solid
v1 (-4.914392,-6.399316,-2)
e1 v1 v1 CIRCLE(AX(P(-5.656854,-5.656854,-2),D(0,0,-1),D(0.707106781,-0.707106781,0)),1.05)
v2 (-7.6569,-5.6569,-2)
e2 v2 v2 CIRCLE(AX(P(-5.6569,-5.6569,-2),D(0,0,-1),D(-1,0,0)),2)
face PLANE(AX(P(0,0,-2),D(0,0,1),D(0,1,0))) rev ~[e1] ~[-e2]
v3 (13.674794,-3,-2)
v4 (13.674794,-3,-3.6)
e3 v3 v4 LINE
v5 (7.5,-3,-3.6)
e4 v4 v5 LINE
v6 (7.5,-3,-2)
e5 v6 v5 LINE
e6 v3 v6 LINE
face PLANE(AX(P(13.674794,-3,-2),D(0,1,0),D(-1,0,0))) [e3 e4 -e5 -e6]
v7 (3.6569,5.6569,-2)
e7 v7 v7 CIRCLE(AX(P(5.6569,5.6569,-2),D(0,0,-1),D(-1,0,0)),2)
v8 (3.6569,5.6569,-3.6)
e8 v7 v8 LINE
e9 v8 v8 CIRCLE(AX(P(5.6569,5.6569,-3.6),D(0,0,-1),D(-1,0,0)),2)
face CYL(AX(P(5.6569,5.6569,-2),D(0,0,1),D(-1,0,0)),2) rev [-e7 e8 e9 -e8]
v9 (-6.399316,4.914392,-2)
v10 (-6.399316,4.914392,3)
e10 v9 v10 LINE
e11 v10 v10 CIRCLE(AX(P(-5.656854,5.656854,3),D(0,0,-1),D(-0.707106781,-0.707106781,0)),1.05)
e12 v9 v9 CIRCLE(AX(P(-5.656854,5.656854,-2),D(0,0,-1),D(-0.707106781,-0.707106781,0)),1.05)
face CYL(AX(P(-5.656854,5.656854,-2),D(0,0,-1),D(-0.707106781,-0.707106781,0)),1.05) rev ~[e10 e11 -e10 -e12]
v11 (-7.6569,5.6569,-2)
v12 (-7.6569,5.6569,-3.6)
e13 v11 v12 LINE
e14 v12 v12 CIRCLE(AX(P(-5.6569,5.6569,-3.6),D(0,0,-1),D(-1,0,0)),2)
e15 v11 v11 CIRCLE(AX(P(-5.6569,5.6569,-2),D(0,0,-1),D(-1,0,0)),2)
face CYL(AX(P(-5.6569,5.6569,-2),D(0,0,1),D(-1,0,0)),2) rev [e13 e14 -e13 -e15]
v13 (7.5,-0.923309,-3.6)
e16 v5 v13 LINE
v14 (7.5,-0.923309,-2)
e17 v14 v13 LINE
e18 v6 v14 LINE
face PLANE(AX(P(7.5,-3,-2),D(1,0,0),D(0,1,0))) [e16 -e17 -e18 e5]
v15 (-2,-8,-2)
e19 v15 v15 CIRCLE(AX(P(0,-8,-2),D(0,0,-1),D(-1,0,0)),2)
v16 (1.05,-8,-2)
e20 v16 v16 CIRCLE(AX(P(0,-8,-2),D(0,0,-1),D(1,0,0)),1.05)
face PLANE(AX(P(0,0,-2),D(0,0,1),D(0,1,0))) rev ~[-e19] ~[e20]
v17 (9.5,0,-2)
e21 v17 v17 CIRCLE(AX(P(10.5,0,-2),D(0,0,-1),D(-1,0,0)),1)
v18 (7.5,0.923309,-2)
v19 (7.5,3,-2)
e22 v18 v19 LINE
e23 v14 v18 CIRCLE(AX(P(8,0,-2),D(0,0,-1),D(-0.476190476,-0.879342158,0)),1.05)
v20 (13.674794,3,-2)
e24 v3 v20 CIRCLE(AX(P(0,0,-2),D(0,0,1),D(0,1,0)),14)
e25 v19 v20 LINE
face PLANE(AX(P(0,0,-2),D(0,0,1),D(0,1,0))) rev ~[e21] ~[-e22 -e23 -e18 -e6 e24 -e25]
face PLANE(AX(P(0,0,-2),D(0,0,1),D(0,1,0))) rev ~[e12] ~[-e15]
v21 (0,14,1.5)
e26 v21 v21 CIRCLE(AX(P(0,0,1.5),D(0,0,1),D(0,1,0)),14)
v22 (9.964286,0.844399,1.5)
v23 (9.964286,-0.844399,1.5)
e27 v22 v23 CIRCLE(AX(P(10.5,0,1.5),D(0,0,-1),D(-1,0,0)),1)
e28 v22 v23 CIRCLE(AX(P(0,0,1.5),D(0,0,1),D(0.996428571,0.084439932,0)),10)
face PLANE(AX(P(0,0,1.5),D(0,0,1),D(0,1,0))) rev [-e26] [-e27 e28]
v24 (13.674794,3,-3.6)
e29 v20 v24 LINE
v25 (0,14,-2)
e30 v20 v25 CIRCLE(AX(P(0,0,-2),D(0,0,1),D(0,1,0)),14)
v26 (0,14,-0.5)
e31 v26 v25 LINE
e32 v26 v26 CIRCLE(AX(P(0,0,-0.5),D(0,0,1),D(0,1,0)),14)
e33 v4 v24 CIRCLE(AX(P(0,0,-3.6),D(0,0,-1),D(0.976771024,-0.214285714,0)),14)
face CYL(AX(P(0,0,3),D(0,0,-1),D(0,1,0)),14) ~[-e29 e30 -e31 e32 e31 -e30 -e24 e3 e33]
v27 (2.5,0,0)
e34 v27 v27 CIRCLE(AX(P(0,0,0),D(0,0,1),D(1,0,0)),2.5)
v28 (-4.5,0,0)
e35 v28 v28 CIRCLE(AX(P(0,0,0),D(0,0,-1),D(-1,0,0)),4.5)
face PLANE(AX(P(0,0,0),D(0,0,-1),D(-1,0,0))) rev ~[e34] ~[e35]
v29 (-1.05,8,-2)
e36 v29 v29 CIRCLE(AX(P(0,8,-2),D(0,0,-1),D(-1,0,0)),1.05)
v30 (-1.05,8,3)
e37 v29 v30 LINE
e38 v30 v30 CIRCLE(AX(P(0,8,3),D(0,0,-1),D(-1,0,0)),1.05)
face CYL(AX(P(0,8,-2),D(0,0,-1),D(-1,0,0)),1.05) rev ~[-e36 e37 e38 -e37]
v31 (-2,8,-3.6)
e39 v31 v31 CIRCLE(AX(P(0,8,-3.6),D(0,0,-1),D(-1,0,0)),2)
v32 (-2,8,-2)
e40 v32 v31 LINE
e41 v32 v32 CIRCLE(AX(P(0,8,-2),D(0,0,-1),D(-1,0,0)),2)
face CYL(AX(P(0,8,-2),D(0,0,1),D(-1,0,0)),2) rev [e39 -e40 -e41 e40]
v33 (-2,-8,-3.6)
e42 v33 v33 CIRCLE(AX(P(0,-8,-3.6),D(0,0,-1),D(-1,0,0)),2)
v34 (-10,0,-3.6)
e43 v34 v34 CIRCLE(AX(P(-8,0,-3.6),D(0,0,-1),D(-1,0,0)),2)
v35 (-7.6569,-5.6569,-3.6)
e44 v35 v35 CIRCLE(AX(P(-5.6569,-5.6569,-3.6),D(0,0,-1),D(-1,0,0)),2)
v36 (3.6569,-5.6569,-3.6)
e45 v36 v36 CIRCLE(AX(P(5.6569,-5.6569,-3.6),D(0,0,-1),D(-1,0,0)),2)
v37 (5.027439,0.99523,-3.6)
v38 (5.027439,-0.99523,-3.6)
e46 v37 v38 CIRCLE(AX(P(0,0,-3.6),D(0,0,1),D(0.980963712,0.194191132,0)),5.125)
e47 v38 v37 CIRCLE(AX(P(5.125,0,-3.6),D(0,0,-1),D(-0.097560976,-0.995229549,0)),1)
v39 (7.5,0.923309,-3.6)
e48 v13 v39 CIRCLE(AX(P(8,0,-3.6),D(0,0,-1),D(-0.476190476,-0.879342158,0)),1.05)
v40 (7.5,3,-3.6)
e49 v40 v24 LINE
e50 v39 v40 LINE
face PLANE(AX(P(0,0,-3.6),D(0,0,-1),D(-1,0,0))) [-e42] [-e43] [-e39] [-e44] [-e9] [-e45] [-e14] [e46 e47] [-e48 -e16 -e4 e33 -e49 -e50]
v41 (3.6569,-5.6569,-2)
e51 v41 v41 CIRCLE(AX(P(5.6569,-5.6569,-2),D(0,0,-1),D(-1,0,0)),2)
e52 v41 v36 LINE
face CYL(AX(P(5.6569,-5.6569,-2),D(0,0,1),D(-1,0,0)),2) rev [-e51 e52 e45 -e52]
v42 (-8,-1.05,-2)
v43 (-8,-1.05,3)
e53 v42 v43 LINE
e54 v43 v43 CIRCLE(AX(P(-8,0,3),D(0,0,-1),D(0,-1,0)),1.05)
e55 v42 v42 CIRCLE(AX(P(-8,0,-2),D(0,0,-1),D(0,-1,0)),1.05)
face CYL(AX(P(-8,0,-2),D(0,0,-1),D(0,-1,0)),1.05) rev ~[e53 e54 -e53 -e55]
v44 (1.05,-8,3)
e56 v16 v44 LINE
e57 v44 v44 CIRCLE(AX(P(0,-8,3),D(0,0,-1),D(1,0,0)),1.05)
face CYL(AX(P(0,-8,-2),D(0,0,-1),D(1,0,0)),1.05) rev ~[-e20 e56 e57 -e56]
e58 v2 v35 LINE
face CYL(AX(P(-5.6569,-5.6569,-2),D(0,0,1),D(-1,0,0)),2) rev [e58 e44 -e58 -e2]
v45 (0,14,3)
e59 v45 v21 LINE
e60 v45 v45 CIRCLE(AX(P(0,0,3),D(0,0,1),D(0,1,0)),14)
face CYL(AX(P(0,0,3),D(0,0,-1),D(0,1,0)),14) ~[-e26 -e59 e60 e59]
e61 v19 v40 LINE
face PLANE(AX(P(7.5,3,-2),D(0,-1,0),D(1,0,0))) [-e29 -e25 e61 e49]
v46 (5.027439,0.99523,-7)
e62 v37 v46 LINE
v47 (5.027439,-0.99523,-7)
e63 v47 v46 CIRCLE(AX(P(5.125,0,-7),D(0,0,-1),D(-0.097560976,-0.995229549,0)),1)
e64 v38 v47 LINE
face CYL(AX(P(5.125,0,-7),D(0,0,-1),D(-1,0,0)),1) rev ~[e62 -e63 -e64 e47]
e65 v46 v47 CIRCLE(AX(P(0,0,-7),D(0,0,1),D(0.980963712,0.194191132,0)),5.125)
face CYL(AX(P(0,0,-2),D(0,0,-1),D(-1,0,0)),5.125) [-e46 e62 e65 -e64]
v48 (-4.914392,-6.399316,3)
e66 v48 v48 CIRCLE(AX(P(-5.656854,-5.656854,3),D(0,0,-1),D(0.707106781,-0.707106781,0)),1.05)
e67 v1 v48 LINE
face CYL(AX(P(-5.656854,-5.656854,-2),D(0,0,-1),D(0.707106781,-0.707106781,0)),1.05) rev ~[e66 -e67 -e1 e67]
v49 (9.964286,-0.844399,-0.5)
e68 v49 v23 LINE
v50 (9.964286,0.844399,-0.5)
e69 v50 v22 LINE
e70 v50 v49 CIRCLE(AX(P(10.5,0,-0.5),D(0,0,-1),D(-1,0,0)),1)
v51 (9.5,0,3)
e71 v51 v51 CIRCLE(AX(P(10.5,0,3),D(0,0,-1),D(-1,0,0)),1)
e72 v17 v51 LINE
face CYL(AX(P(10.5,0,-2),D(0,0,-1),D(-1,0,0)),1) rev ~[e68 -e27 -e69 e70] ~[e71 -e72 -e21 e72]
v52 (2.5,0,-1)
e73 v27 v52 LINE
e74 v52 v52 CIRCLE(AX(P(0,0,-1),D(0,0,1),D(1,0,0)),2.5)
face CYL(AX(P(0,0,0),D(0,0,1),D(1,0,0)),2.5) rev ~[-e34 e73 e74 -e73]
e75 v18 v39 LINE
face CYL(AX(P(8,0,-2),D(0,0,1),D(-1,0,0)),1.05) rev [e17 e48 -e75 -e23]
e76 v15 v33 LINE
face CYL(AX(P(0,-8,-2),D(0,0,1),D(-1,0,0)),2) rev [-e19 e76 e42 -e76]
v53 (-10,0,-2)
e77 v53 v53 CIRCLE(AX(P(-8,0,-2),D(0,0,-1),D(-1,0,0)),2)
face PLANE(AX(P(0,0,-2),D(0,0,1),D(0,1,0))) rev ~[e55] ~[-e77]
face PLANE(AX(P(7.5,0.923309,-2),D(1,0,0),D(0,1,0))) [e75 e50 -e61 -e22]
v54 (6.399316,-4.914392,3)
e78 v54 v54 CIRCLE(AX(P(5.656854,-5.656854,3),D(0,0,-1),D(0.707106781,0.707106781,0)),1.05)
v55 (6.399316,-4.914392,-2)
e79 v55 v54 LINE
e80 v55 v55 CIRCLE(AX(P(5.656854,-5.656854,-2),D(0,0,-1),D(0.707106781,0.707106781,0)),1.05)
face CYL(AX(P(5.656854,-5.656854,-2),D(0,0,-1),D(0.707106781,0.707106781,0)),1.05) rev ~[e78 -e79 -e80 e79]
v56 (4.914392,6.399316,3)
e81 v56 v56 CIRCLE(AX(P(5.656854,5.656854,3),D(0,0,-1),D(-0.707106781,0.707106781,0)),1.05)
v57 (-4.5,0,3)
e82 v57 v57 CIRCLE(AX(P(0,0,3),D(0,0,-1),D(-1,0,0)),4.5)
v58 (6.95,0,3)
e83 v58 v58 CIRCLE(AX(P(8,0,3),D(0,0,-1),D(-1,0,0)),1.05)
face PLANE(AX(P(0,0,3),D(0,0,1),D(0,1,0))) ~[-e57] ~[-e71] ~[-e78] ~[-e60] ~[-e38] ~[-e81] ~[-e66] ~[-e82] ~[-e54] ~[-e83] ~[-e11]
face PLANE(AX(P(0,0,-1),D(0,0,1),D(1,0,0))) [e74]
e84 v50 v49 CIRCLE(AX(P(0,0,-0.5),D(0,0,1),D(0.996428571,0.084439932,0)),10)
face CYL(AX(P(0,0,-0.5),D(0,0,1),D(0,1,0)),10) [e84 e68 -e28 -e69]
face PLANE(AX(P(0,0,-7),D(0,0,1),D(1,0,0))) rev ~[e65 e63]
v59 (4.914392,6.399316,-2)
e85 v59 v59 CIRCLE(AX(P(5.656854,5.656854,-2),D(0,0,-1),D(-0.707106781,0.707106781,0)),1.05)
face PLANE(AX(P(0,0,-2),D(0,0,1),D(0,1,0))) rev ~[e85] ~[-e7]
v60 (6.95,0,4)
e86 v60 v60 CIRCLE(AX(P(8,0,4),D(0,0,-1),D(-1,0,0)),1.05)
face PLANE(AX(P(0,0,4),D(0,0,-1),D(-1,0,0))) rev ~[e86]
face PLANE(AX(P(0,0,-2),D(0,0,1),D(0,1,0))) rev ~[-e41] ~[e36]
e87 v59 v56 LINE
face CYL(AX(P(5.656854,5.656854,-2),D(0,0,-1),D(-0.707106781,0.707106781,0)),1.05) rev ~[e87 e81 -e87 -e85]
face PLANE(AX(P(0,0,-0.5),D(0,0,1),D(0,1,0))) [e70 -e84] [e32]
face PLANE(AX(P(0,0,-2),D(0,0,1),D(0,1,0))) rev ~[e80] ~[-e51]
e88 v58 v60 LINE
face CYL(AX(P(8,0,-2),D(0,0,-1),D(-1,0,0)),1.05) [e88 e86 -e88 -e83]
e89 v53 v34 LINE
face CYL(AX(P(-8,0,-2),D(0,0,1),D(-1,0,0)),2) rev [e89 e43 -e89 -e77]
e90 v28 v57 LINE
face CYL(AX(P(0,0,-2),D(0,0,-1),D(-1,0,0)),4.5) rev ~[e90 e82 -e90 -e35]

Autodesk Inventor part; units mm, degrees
ref_plane "YZ Plane" through (0, 0, 0) normal (1, 0, 0) x (0, 1, 0)
ref_plane "XZ Plane" through (0, 0, 0) normal (0, 1, 0) x (-1, 0, 0)
ref_plane "XY Plane" through (0, 0, 0) normal (0, 0, 1) x (1, 0, 0)
sketch "Sketch1" plane through (0, 0, 0) normal (1, 0, 0) x (0, 1, 0)
  line L0 (0, 3) -> (14, 3)
  line L1 (14, 3) -> (14, -2)
  line L2 (14, -2) -> (0, -2)
  line L3 (0, -2) -> (0, 3)
  line L4 (0, -3) -> (0, 4) projected
  line L5 (14, 1.5) -> (14, -0.5)
  line L6 (14, -0.5) -> (10, -0.5)
  line L7 (10, -0.5) -> (10, 1.5)
  line L8 (10, 1.5) -> (14, 1.5)
  point P0 (0, 0)
  dimension "d0" = 5
  dimension "d1" = 3
  dimension "d2" = 14
  dimension "d4" = 1.5
  dimension "d5" = 1.5
  dimension "d19" = 4
revolve "Revolution1" add sketch "Sketch1" angle 360 about axis through (0, 0, -10) along (0, 0, 1) contours L0 L1 L8 L7 L6 L2 L3
sketch "Sketch2" plane through (0, 0, -2) normal (0, 0, -1) x (-1, 0, 0)
  circle A0 centre (0, 8) radius 1.05
  circle A1 centre (0, 0) radius 4.5
  dimension "d7" = 2.1
  dimension "d8" = 8
  dimension "d9" = 9
extrude "Extrusion1" cut sketch "Sketch2" against normal blind 100
pattern_circular "Circular Pattern1" count 8 over 360 about axis through (0, 0, -10) along (0, 0, 1) of "Extrusion1"
sketch "Sketch3" plane through (0, 0, -2) normal (0, 0, -1) x (-1, 0, 0)
  circle A0 centre (-10.5, 0) radius 1
  point P0 (0, 0)
  dimension "d15" = 2
  dimension "d16" = 10.5
extrude "Extrusion2" cut sketch "Sketch3" against normal blind 100
sketch "Sketch4" plane through (0, 0, -2) normal (0, 0, -1) x (-1, 0, 0)
  circle A0 centre (-10.5, 0) radius 1 projected
  circle A1 centre (-8, 0) radius 1.05 projected
  circle A2 centre (0, -8) radius 1.05 projected
  circle A3 centre (8, 0) radius 1.05 projected
  circle A4 centre (5.6569, 5.6569) radius 1.05 projected
  circle A5 centre (5.6569, -5.6569) radius 1.05 projected
  circle A6 centre (-5.6569, -5.6569) radius 1.05 projected
  circle A7 centre (-5.6569, 5.6569) radius 1.05 projected
  circle A8 centre (0, 0) radius 4.5 projected
  circle A9 centre (0, 8) radius 1.05 projected
  circle A10 centre (0, 0) radius 14 projected
  arc A11 (-9.9643, -0.8444) -> (-9.9643, 0.8444) centre (0, 0) ccw projected
  arc A12 (-9.9643, -0.8444) -> (-9.9643, 0.8444) centre (0, 0) ccw projected
  circle A13 centre (0, 0) radius 5.125
  point P0 (-9.9643, -0.8444)
  point P1 (-9.9643, 0.8444)
  dimension "d24" = 10.25
extrude "Extrusion3" add sketch "Sketch4" along normal blind 5 and the other way blind 2 contours A8 | A13
sketch "Sketch9" plane through (0, 0, 0) normal (0, 0, 1) x (1, 0, 0)
  circle A0 centre (0, 0) radius 2.5
  dimension "d37" = 5
extrude "Extrusion8" cut sketch "Sketch9" against normal blind 1
sketch "Sketch7" plane through (0, 0, -7) normal (0, 0, -1) x (-1, 0, 0)
  circle A0 centre (-5.125, 0) radius 1
  circle A1 centre (0, 0) radius 5.125 projected
  dimension "d31" = 2
extrude "Extrusion6" cut sketch "Sketch7" against normal blind 4 contours A0 A1 | A1 A0 picked at (-4.7844, 0) picked at (-5.4511, 0)
sketch "Sketch8" plane through (0, 0, -7) normal (0, 0, -1) x (-1, 0, 0)
  circle A0 centre (0, 0) radius 9
  arc A1 (-5.0274, -0.9952) -> (-5.0274, 0.9952) centre (-5.125, 0) ccw projected
  arc A2 (-5.0274, -0.9952) -> (-5.0274, 0.9952) centre (-5.125, 0) ccw projected
  circle A3 centre (-5.125, 0) radius 1
  arc A4 (-5.0274, -0.9952) -> (-5.0274, 0.9952) centre (0, 0) ccw projected
  point P0 (-4.3889, 0.9938)
  point P1 (-4.3889, -0.9938)
  point P2 (-5.0274, -0.9952)
  point P3 (-5.0274, 0.9952)
  dimension "d34" = 18
extrude "Extrusion7" add sketch "Sketch8" along normal blind 1.5 contours A0 | A1 A4
sketch "Sketch11" plane through (0, 0, -2) normal (0, 0, -1) x (-1, 0, 0)
  circle A0 centre (-10.5, 0) radius 1 projected
  circle A1 centre (-8, 0) radius 1.05 projected
  circle A2 centre (0, -8) radius 1.05 projected
  circle A3 centre (8, 0) radius 1.05 projected
  circle A4 centre (5.6569, 5.6569) radius 1.05 projected
  circle A5 centre (5.6569, -5.6569) radius 1.05 projected
  circle A6 centre (-5.6569, -5.6569) radius 1.05 projected
  circle A7 centre (-5.6569, 5.6569) radius 1.05 projected
  circle A8 centre (0, 8) radius 1.05 projected
  circle A9 centre (0, 0) radius 14 projected
  circle A10 centre (-5.6569, 5.6569) radius 2
  circle A11 centre (0, 8) radius 2
  circle A12 centre (5.6569, 5.6569) radius 2
  circle A13 centre (8, 0) radius 2
  circle A14 centre (5.6569, -5.6569) radius 2
  circle A15 centre (0, -8) radius 2
  circle A16 centre (-5.6569, -5.6569) radius 2
  line L0 (-7.5, 3) -> (-18.9706, 3)
  line L1 (-18.9706, 3) -> (-18.9706, -3)
  line L2 (-18.9706, -3) -> (-7.5, -3)
  line L3 (-7.5, -3) -> (-7.5, 3)
  circle A17 centre (0, 0) radius 5.125 projected
  point P0 (-4.3889, -0.9938)
  point P1 (-4.3889, 0.9938)
  point P2 (-7.5, -0.9233)
  point P3 (-13.6748, -3)
  point P4 (-13.6748, 3)
  point P5 (-7.5, 0.9233)
  dimension "d44" = 4
  dimension "d45" = 4
  dimension "d46" = 4
  dimension "d47" = 4
  dimension "d48" = 4
  dimension "d49" = 4
  dimension "d50" = 4
  dimension "d51" = 3
  dimension "d52" = 3
  dimension "d53" = 3
extrude "Extrusion10" add sketch "Sketch11" along normal blind 1.6 contours A1 L3 L0 A9 L2 | A17 picked at (-11.2403, -4.0708)
extrude "Extrusion11" add sketch "Sketch11" against normal blind 6 contours A1 L3 | L3 A1
sketch "Sketch10" plane through (0, 0, -7) normal (0, 0, 1) x (1, 0, 0)
  circle A0 centre (0, 0) radius 24.9442
extrude "Extrusion9" cut sketch "Sketch10" against normal blind 100
properties part number "Motor_pulley_p2"
